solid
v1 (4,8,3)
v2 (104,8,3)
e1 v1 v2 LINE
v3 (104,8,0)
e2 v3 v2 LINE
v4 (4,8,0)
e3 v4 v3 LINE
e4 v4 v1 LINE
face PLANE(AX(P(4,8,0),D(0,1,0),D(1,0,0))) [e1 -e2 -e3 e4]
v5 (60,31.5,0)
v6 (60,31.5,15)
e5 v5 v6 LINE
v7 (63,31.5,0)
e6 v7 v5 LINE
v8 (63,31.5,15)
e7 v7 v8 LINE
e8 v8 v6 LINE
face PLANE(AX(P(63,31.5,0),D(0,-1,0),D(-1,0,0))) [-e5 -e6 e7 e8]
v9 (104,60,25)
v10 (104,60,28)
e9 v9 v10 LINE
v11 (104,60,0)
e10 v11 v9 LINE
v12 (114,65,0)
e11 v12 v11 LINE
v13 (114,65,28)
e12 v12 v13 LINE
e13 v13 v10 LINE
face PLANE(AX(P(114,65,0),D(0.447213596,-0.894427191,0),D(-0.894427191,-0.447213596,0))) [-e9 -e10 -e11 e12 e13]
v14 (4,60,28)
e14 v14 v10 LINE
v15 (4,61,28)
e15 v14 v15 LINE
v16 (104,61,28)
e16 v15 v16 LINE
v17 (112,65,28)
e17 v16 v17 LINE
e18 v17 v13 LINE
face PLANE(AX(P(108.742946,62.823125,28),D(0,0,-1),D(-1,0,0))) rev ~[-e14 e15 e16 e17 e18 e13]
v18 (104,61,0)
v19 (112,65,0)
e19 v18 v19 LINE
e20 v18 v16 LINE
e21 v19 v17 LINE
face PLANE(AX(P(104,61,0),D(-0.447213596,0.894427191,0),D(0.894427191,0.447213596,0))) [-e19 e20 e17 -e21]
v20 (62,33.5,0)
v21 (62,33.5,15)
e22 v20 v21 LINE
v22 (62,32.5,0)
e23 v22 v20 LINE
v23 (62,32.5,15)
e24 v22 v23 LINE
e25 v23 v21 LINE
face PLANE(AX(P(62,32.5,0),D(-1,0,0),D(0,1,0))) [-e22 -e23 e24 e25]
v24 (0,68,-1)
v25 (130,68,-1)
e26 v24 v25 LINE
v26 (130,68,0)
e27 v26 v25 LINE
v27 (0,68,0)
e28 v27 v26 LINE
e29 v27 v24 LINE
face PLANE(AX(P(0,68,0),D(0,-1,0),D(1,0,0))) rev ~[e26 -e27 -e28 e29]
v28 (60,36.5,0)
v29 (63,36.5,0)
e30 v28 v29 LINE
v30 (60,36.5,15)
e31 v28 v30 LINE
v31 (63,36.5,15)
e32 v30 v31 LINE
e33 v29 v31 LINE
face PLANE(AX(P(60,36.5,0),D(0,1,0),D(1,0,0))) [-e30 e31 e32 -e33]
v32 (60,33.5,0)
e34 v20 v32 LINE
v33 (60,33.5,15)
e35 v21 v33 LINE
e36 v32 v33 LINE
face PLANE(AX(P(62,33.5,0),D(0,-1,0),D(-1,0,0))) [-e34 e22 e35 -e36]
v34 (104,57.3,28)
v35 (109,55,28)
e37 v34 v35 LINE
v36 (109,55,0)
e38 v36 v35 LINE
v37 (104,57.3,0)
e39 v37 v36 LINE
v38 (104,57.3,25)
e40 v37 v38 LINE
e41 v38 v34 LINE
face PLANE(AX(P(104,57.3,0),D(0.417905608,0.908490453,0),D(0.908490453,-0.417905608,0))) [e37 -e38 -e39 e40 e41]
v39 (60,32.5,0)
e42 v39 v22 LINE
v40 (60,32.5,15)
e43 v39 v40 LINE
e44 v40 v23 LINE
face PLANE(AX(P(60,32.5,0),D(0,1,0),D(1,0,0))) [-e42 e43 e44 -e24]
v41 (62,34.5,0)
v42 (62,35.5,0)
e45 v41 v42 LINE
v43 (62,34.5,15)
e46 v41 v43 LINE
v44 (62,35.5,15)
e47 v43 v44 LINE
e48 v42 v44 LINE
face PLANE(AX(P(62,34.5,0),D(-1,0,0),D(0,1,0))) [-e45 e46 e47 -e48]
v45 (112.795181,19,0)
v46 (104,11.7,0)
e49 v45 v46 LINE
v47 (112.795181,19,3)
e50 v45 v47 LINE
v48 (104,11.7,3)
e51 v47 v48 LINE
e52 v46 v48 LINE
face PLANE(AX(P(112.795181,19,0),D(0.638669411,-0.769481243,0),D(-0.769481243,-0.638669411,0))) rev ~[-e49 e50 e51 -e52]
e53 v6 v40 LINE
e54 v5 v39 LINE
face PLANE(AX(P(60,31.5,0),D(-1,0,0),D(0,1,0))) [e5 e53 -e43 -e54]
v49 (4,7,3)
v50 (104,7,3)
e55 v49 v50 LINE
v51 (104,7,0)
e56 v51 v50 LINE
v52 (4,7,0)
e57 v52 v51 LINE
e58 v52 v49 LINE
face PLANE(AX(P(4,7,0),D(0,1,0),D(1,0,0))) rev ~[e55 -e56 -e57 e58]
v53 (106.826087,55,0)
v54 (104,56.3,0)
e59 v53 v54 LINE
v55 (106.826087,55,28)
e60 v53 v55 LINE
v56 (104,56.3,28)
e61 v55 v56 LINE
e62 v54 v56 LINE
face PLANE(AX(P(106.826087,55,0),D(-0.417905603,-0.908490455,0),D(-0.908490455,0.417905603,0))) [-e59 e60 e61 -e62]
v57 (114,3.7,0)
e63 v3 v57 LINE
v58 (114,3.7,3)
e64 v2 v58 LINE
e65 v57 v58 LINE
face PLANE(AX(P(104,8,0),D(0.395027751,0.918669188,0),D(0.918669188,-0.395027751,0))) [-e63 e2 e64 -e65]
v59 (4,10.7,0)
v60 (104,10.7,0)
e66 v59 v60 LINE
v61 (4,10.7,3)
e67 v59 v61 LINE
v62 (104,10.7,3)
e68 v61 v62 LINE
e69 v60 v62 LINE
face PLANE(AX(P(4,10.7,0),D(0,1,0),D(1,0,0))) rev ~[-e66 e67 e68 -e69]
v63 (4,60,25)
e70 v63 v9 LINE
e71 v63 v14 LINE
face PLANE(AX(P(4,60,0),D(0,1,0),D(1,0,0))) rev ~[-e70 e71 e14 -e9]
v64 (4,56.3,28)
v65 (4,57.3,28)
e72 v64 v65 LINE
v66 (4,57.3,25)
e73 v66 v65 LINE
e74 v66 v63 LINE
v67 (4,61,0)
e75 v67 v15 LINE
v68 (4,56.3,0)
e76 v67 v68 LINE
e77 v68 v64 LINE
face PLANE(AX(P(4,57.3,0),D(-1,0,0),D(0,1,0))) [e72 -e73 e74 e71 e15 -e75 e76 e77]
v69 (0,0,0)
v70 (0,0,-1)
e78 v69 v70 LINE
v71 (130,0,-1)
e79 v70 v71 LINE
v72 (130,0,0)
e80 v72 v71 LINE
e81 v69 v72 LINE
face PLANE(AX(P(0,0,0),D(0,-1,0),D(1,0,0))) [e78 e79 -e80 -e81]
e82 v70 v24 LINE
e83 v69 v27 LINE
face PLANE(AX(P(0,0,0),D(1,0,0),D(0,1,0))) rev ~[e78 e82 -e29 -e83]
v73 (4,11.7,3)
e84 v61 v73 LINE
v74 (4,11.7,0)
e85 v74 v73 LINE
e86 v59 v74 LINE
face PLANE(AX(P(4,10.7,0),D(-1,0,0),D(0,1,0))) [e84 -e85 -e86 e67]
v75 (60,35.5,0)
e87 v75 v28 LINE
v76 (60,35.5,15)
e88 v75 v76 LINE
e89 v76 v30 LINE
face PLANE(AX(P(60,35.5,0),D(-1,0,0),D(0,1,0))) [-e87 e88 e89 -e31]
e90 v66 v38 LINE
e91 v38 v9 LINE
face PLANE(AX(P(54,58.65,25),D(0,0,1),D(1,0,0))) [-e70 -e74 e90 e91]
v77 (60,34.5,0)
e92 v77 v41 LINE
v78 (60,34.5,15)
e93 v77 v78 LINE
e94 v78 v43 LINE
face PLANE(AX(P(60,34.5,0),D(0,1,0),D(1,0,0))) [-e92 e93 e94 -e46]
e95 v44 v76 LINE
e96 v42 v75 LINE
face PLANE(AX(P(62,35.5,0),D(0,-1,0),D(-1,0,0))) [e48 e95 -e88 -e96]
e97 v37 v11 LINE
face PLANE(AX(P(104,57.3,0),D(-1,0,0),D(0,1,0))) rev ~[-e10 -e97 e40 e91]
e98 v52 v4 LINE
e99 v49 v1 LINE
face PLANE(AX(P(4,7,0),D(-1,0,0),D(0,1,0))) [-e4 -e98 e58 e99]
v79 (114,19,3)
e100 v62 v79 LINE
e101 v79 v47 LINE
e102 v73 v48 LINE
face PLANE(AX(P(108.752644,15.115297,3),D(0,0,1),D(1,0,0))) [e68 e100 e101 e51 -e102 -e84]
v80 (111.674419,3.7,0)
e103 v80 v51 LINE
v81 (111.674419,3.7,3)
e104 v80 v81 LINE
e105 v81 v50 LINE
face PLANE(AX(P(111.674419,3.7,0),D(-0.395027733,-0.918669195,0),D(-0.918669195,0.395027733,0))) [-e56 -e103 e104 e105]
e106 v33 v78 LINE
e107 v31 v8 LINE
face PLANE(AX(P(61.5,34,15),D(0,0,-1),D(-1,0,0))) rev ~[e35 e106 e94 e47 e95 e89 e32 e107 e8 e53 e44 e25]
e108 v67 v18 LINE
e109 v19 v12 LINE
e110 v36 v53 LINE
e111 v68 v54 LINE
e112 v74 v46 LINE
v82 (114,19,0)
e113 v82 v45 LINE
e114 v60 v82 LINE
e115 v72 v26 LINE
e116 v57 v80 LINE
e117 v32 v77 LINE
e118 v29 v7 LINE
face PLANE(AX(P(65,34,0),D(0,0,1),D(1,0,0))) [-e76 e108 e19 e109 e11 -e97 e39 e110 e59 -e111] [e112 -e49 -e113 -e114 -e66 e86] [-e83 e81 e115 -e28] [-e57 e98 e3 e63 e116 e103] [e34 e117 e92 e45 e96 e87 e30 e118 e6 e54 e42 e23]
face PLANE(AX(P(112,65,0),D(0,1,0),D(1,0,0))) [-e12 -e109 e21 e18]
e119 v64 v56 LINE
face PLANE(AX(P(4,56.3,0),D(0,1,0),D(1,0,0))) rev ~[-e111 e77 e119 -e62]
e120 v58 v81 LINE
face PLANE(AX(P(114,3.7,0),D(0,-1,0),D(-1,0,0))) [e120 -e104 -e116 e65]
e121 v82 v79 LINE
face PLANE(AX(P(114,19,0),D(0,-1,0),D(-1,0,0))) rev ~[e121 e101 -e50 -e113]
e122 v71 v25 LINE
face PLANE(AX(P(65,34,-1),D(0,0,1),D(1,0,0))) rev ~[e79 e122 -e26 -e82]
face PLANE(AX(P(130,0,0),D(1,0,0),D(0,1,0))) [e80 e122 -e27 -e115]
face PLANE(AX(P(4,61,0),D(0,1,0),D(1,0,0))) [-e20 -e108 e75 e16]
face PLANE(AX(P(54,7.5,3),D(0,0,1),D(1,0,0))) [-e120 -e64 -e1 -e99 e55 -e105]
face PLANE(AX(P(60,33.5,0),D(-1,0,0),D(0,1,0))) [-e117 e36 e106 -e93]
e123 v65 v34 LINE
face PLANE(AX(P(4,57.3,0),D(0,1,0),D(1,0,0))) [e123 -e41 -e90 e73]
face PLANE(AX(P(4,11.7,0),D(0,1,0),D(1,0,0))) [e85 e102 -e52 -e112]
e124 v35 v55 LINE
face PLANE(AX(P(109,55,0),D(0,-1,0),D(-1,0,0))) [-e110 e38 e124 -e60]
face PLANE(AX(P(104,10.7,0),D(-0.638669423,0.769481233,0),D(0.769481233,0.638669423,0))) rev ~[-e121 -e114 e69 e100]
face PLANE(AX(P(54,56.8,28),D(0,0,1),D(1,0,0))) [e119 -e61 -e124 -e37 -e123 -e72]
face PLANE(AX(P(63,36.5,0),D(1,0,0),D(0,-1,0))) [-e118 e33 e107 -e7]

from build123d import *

# Parameters (mm, degrees)
SKETCH_W     = 130
SKETCH_H     = 68
PAD_DEPTH    = 1
SKETCH001_W  = 100
SKETCH001_H  = 1
PAD001_DEPTH = 28
SKETCH002_W  = 100
SKETCH002_H  = 1
PAD002_DEPTH = 28
PAD003_DEPTH = 28
SKETCH004_W  = 100
SKETCH004_H  = 2.7
PAD004_DEPTH = 25
SKETCH005_W  = 100
SKETCH005_H  = 1
PAD005_DEPTH = 3
SKETCH006_W  = 100
SKETCH006_H  = 1
PAD006_DEPTH = 3
PAD007_DEPTH = 3
PAD008_DEPTH = 15


with BuildPart() as part:
    # Sketch → Pad (new body)
    with BuildSketch(Plane.XY):
        with Locations((65, 34)):
            Rectangle(SKETCH_W, SKETCH_H)
    extrude(amount=-PAD_DEPTH)

    # Sketch001 → Pad001 (join)
    with BuildSketch(Plane.XY):
        with Locations((54, 56.8)):
            Rectangle(SKETCH001_W, SKETCH001_H)
    extrude(amount=PAD001_DEPTH)

    # Sketch002 → Pad002 (join)
    with BuildSketch(Plane.XY):
        with Locations((54, 60.5)):
            Rectangle(SKETCH002_W, SKETCH002_H)
    extrude(amount=PAD002_DEPTH)

    # Sketch003 → Pad003 (join)
    with BuildSketch(Plane.XY):
        Polygon((104, 61), (112, 65), (114, 65), (104, 60), align=None)
        Polygon((104, 57.3), (109, 55), (106.826087, 55), (104, 56.3), align=None)
    extrude(amount=PAD003_DEPTH)

    # Sketch004 → Pad004 (join)
    with BuildSketch(Plane.XY):
        with Locations((54, 58.65)):
            Rectangle(SKETCH004_W, SKETCH004_H)
    extrude(amount=PAD004_DEPTH)

    # Sketch005 → Pad005 (join)
    with BuildSketch(Plane.XY):
        with Locations((54, 7.5)):
            Rectangle(SKETCH005_W, SKETCH005_H)
    extrude(amount=PAD005_DEPTH)

    # Sketch006 → Pad006 (join)
    with BuildSketch(Plane.XY):
        with Locations((54, 11.2)):
            Rectangle(SKETCH006_W, SKETCH006_H)
    extrude(amount=PAD006_DEPTH)

    # Sketch007 → Pad007 (join)
    with BuildSketch(Plane.XY):
        Polygon((104, 10.7), (114, 19), (112.795181, 19), (104, 11.7), align=None)
        Polygon((104, 8), (114, 3.7), (111.674419, 3.7), (104, 7), align=None)
    extrude(amount=PAD007_DEPTH)

    # Sketch008 → Pad008 (join)
    with BuildSketch(Plane.XY):
        Polygon((60, 36.5), (63, 36.5), (63, 31.5), (60, 31.5), (60, 32.5), (62, 32.5), (62, 33.5), (60, 33.5), (60, 34.5), (62, 34.5), (62, 35.5), (60, 35.5), align=None)
    extrude(amount=PAD008_DEPTH)


solid = part.part
